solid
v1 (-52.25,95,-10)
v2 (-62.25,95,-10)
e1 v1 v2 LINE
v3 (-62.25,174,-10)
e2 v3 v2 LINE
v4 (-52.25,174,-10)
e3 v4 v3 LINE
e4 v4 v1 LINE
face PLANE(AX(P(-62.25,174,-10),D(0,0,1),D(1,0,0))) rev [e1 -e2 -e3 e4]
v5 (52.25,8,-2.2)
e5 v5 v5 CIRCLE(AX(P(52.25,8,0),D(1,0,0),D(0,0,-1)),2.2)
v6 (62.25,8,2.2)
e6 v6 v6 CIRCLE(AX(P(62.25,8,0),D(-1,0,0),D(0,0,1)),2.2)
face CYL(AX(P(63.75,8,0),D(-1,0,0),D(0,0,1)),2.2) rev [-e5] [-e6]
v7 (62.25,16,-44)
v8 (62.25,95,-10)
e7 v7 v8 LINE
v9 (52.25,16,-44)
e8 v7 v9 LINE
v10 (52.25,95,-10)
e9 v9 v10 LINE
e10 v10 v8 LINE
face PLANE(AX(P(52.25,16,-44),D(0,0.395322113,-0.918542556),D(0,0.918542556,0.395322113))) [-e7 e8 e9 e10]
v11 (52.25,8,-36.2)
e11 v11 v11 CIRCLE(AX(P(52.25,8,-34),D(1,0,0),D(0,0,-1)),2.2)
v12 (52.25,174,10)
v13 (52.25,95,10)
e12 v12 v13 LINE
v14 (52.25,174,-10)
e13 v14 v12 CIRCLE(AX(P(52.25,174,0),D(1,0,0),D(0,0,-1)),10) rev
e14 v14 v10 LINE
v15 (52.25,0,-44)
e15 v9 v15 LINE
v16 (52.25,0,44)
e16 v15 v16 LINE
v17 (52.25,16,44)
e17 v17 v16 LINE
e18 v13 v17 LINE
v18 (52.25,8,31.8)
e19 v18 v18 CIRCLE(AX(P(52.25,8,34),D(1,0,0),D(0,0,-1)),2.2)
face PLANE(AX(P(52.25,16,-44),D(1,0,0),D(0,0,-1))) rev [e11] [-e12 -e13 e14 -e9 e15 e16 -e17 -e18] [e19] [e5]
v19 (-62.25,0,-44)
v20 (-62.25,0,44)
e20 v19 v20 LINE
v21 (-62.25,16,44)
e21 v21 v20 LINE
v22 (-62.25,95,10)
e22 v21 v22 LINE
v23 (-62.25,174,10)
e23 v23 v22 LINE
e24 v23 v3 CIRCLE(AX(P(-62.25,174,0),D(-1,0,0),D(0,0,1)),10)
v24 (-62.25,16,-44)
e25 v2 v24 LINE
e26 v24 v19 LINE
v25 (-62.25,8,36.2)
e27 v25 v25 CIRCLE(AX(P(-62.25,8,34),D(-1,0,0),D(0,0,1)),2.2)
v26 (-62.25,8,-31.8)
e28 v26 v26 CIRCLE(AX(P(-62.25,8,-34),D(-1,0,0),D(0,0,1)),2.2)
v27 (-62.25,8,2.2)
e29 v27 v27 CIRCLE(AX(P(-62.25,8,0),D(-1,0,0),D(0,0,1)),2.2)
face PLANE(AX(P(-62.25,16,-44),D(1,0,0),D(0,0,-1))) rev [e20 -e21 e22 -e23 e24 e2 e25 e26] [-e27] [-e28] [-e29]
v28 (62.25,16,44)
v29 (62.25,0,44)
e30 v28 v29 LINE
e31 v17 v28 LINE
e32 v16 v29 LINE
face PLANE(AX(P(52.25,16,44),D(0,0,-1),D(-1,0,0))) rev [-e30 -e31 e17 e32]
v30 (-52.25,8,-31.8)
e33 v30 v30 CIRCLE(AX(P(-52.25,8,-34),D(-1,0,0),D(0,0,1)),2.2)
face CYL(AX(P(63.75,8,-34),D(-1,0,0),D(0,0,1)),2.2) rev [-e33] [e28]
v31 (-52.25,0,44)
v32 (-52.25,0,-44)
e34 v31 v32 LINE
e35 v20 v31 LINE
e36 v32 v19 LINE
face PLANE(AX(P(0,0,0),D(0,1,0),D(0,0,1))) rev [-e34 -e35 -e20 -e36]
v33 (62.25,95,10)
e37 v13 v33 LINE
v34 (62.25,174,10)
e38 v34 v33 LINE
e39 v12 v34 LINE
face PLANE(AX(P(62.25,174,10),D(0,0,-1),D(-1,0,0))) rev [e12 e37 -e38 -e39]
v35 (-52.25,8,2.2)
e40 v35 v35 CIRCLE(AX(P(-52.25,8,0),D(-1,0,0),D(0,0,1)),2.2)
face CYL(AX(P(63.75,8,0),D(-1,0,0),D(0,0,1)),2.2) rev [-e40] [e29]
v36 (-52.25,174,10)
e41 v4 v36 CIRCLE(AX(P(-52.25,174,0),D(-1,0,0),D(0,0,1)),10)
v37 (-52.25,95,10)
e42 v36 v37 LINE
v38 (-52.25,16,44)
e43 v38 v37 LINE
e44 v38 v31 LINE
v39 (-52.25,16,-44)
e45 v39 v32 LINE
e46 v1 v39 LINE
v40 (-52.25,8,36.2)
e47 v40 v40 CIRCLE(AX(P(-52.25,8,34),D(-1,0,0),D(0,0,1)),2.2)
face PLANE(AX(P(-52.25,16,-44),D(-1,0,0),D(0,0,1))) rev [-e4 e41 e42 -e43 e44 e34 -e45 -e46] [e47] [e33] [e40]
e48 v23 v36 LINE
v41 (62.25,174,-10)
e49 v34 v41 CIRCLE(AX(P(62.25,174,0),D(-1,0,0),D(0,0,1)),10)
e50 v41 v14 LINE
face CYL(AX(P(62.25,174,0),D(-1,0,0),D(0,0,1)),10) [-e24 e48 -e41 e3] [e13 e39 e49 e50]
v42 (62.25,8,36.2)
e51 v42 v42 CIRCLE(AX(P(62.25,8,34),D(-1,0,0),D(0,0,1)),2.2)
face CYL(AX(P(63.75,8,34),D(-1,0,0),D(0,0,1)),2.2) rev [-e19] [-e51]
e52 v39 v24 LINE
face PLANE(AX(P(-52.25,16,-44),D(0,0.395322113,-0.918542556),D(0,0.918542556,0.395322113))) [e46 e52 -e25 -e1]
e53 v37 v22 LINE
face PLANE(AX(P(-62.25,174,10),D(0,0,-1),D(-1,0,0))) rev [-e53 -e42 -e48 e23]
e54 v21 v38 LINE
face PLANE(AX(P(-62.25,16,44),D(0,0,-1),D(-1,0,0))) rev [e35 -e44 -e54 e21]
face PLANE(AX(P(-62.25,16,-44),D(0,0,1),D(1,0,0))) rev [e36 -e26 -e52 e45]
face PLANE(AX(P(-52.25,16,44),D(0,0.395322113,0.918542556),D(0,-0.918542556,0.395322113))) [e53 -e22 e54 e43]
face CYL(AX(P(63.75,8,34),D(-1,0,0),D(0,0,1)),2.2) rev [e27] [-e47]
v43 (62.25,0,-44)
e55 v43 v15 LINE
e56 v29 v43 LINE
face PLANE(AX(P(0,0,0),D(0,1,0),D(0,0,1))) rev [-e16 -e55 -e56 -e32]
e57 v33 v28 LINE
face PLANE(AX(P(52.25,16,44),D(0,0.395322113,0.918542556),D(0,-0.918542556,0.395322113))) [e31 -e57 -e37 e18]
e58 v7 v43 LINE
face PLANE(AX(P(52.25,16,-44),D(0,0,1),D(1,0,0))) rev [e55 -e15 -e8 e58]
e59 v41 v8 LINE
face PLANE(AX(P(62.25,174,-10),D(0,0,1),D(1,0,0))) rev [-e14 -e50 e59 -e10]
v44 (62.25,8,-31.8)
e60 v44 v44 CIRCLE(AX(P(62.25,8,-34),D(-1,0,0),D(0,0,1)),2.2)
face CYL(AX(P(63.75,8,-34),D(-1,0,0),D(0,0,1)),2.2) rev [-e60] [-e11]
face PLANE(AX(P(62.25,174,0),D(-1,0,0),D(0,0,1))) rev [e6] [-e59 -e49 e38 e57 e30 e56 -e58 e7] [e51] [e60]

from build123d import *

# Parameters (mm, degrees)
SKETCH_2_W          = 10
SKETCH_2_H          = 88
EXTRUDE_1_DEPTH     = 16
EXTRUDE_1_2_DEPTH   = 16
SKETCH_3_W          = 10
SKETCH_3_H          = 20
EXTRUDE_2_DEPTH     = 158
SKETCH_4_R          = 10
EXTRUDE_3_DEPTH     = 124.5
SKETCH_5_R          = 2.2
CUT_EXTRUDE_1_DEPTH = 126
EXTRUDE_4_DEPTH     = 10
EXTRUDE_5_DEPTH     = 10


with BuildPart() as part:
    # 草图2 → 凸台-拉伸1 (new body)
    with BuildSketch(Plane(origin=(0, 0, 0), x_dir=(1, 0, 0), z_dir=(0, 1, 0))):
        with Locations((-57.25, 0)):
            Rectangle(SKETCH_2_W, SKETCH_2_H)
    extrude(amount=EXTRUDE_1_DEPTH)



with BuildPart() as body_2:
    # 草图2 → Extrude 1 2 (new body)
    with BuildSketch(Plane(origin=(0, 0, 0), x_dir=(1, 0, 0), z_dir=(0, 1, 0))):
        with Locations((57.25, 0)):
            Rectangle(SKETCH_2_W, SKETCH_2_H)
    extrude(amount=EXTRUDE_1_2_DEPTH)


with BuildPart() as part_1:
    add(part.part)

    add(body_2.part)  # 凸台-拉伸2 merges body 2
    # 草图3 → 凸台-拉伸2 (add)
    with BuildSketch(Plane(origin=(0, 16, 0), x_dir=(1, 0, 0), z_dir=(0, 1, 0))):
        with Locations((-57.25, 0)):
            Rectangle(SKETCH_3_W, SKETCH_3_H)
        with Locations((57.25, 0)):
            Rectangle(SKETCH_3_W, SKETCH_3_H)
    extrude(amount=EXTRUDE_2_DEPTH)

    # 草图4 → 凸台-拉伸3 (add)
    with BuildSketch(Plane.ZY.offset(62.25)):
        with Locations((0, 174)):
            Circle(SKETCH_4_R)
    extrude(amount=-EXTRUDE_3_DEPTH)

    # 草图5 → 切除-拉伸1 (cut)
    with BuildSketch(Plane.ZY.offset(62.25)):
        with Locations((0, 8)):
            Circle(SKETCH_5_R)
        with Locations((-34, 8)):
            Circle(SKETCH_5_R)
        with Locations((34, 8)):
            Circle(SKETCH_5_R)
    extrude(amount=-CUT_EXTRUDE_1_DEPTH, mode=Mode.SUBTRACT)

    # 草图6 → 凸台-拉伸4 (add)
    with BuildSketch(Plane.ZY.offset(62.25)):
        Polygon((-44, 16), (-10, 95), (-10, 16), align=None)
        Polygon((44, 16), (10, 95), (10, 16), align=None)
    extrude(amount=-EXTRUDE_4_DEPTH)

    # 草图7 → 凸台-拉伸5 (add)
    with BuildSketch(Plane(origin=(62.25, 0, 0), x_dir=(0, 0, -1), z_dir=(1, 0, 0))):
        Polygon((-44, 16), (-10, 95), (-10, 16), align=None)
        Polygon((44, 16), (10, 95), (10, 16), align=None)
    extrude(amount=-EXTRUDE_5_DEPTH)


solid = part_1.part
